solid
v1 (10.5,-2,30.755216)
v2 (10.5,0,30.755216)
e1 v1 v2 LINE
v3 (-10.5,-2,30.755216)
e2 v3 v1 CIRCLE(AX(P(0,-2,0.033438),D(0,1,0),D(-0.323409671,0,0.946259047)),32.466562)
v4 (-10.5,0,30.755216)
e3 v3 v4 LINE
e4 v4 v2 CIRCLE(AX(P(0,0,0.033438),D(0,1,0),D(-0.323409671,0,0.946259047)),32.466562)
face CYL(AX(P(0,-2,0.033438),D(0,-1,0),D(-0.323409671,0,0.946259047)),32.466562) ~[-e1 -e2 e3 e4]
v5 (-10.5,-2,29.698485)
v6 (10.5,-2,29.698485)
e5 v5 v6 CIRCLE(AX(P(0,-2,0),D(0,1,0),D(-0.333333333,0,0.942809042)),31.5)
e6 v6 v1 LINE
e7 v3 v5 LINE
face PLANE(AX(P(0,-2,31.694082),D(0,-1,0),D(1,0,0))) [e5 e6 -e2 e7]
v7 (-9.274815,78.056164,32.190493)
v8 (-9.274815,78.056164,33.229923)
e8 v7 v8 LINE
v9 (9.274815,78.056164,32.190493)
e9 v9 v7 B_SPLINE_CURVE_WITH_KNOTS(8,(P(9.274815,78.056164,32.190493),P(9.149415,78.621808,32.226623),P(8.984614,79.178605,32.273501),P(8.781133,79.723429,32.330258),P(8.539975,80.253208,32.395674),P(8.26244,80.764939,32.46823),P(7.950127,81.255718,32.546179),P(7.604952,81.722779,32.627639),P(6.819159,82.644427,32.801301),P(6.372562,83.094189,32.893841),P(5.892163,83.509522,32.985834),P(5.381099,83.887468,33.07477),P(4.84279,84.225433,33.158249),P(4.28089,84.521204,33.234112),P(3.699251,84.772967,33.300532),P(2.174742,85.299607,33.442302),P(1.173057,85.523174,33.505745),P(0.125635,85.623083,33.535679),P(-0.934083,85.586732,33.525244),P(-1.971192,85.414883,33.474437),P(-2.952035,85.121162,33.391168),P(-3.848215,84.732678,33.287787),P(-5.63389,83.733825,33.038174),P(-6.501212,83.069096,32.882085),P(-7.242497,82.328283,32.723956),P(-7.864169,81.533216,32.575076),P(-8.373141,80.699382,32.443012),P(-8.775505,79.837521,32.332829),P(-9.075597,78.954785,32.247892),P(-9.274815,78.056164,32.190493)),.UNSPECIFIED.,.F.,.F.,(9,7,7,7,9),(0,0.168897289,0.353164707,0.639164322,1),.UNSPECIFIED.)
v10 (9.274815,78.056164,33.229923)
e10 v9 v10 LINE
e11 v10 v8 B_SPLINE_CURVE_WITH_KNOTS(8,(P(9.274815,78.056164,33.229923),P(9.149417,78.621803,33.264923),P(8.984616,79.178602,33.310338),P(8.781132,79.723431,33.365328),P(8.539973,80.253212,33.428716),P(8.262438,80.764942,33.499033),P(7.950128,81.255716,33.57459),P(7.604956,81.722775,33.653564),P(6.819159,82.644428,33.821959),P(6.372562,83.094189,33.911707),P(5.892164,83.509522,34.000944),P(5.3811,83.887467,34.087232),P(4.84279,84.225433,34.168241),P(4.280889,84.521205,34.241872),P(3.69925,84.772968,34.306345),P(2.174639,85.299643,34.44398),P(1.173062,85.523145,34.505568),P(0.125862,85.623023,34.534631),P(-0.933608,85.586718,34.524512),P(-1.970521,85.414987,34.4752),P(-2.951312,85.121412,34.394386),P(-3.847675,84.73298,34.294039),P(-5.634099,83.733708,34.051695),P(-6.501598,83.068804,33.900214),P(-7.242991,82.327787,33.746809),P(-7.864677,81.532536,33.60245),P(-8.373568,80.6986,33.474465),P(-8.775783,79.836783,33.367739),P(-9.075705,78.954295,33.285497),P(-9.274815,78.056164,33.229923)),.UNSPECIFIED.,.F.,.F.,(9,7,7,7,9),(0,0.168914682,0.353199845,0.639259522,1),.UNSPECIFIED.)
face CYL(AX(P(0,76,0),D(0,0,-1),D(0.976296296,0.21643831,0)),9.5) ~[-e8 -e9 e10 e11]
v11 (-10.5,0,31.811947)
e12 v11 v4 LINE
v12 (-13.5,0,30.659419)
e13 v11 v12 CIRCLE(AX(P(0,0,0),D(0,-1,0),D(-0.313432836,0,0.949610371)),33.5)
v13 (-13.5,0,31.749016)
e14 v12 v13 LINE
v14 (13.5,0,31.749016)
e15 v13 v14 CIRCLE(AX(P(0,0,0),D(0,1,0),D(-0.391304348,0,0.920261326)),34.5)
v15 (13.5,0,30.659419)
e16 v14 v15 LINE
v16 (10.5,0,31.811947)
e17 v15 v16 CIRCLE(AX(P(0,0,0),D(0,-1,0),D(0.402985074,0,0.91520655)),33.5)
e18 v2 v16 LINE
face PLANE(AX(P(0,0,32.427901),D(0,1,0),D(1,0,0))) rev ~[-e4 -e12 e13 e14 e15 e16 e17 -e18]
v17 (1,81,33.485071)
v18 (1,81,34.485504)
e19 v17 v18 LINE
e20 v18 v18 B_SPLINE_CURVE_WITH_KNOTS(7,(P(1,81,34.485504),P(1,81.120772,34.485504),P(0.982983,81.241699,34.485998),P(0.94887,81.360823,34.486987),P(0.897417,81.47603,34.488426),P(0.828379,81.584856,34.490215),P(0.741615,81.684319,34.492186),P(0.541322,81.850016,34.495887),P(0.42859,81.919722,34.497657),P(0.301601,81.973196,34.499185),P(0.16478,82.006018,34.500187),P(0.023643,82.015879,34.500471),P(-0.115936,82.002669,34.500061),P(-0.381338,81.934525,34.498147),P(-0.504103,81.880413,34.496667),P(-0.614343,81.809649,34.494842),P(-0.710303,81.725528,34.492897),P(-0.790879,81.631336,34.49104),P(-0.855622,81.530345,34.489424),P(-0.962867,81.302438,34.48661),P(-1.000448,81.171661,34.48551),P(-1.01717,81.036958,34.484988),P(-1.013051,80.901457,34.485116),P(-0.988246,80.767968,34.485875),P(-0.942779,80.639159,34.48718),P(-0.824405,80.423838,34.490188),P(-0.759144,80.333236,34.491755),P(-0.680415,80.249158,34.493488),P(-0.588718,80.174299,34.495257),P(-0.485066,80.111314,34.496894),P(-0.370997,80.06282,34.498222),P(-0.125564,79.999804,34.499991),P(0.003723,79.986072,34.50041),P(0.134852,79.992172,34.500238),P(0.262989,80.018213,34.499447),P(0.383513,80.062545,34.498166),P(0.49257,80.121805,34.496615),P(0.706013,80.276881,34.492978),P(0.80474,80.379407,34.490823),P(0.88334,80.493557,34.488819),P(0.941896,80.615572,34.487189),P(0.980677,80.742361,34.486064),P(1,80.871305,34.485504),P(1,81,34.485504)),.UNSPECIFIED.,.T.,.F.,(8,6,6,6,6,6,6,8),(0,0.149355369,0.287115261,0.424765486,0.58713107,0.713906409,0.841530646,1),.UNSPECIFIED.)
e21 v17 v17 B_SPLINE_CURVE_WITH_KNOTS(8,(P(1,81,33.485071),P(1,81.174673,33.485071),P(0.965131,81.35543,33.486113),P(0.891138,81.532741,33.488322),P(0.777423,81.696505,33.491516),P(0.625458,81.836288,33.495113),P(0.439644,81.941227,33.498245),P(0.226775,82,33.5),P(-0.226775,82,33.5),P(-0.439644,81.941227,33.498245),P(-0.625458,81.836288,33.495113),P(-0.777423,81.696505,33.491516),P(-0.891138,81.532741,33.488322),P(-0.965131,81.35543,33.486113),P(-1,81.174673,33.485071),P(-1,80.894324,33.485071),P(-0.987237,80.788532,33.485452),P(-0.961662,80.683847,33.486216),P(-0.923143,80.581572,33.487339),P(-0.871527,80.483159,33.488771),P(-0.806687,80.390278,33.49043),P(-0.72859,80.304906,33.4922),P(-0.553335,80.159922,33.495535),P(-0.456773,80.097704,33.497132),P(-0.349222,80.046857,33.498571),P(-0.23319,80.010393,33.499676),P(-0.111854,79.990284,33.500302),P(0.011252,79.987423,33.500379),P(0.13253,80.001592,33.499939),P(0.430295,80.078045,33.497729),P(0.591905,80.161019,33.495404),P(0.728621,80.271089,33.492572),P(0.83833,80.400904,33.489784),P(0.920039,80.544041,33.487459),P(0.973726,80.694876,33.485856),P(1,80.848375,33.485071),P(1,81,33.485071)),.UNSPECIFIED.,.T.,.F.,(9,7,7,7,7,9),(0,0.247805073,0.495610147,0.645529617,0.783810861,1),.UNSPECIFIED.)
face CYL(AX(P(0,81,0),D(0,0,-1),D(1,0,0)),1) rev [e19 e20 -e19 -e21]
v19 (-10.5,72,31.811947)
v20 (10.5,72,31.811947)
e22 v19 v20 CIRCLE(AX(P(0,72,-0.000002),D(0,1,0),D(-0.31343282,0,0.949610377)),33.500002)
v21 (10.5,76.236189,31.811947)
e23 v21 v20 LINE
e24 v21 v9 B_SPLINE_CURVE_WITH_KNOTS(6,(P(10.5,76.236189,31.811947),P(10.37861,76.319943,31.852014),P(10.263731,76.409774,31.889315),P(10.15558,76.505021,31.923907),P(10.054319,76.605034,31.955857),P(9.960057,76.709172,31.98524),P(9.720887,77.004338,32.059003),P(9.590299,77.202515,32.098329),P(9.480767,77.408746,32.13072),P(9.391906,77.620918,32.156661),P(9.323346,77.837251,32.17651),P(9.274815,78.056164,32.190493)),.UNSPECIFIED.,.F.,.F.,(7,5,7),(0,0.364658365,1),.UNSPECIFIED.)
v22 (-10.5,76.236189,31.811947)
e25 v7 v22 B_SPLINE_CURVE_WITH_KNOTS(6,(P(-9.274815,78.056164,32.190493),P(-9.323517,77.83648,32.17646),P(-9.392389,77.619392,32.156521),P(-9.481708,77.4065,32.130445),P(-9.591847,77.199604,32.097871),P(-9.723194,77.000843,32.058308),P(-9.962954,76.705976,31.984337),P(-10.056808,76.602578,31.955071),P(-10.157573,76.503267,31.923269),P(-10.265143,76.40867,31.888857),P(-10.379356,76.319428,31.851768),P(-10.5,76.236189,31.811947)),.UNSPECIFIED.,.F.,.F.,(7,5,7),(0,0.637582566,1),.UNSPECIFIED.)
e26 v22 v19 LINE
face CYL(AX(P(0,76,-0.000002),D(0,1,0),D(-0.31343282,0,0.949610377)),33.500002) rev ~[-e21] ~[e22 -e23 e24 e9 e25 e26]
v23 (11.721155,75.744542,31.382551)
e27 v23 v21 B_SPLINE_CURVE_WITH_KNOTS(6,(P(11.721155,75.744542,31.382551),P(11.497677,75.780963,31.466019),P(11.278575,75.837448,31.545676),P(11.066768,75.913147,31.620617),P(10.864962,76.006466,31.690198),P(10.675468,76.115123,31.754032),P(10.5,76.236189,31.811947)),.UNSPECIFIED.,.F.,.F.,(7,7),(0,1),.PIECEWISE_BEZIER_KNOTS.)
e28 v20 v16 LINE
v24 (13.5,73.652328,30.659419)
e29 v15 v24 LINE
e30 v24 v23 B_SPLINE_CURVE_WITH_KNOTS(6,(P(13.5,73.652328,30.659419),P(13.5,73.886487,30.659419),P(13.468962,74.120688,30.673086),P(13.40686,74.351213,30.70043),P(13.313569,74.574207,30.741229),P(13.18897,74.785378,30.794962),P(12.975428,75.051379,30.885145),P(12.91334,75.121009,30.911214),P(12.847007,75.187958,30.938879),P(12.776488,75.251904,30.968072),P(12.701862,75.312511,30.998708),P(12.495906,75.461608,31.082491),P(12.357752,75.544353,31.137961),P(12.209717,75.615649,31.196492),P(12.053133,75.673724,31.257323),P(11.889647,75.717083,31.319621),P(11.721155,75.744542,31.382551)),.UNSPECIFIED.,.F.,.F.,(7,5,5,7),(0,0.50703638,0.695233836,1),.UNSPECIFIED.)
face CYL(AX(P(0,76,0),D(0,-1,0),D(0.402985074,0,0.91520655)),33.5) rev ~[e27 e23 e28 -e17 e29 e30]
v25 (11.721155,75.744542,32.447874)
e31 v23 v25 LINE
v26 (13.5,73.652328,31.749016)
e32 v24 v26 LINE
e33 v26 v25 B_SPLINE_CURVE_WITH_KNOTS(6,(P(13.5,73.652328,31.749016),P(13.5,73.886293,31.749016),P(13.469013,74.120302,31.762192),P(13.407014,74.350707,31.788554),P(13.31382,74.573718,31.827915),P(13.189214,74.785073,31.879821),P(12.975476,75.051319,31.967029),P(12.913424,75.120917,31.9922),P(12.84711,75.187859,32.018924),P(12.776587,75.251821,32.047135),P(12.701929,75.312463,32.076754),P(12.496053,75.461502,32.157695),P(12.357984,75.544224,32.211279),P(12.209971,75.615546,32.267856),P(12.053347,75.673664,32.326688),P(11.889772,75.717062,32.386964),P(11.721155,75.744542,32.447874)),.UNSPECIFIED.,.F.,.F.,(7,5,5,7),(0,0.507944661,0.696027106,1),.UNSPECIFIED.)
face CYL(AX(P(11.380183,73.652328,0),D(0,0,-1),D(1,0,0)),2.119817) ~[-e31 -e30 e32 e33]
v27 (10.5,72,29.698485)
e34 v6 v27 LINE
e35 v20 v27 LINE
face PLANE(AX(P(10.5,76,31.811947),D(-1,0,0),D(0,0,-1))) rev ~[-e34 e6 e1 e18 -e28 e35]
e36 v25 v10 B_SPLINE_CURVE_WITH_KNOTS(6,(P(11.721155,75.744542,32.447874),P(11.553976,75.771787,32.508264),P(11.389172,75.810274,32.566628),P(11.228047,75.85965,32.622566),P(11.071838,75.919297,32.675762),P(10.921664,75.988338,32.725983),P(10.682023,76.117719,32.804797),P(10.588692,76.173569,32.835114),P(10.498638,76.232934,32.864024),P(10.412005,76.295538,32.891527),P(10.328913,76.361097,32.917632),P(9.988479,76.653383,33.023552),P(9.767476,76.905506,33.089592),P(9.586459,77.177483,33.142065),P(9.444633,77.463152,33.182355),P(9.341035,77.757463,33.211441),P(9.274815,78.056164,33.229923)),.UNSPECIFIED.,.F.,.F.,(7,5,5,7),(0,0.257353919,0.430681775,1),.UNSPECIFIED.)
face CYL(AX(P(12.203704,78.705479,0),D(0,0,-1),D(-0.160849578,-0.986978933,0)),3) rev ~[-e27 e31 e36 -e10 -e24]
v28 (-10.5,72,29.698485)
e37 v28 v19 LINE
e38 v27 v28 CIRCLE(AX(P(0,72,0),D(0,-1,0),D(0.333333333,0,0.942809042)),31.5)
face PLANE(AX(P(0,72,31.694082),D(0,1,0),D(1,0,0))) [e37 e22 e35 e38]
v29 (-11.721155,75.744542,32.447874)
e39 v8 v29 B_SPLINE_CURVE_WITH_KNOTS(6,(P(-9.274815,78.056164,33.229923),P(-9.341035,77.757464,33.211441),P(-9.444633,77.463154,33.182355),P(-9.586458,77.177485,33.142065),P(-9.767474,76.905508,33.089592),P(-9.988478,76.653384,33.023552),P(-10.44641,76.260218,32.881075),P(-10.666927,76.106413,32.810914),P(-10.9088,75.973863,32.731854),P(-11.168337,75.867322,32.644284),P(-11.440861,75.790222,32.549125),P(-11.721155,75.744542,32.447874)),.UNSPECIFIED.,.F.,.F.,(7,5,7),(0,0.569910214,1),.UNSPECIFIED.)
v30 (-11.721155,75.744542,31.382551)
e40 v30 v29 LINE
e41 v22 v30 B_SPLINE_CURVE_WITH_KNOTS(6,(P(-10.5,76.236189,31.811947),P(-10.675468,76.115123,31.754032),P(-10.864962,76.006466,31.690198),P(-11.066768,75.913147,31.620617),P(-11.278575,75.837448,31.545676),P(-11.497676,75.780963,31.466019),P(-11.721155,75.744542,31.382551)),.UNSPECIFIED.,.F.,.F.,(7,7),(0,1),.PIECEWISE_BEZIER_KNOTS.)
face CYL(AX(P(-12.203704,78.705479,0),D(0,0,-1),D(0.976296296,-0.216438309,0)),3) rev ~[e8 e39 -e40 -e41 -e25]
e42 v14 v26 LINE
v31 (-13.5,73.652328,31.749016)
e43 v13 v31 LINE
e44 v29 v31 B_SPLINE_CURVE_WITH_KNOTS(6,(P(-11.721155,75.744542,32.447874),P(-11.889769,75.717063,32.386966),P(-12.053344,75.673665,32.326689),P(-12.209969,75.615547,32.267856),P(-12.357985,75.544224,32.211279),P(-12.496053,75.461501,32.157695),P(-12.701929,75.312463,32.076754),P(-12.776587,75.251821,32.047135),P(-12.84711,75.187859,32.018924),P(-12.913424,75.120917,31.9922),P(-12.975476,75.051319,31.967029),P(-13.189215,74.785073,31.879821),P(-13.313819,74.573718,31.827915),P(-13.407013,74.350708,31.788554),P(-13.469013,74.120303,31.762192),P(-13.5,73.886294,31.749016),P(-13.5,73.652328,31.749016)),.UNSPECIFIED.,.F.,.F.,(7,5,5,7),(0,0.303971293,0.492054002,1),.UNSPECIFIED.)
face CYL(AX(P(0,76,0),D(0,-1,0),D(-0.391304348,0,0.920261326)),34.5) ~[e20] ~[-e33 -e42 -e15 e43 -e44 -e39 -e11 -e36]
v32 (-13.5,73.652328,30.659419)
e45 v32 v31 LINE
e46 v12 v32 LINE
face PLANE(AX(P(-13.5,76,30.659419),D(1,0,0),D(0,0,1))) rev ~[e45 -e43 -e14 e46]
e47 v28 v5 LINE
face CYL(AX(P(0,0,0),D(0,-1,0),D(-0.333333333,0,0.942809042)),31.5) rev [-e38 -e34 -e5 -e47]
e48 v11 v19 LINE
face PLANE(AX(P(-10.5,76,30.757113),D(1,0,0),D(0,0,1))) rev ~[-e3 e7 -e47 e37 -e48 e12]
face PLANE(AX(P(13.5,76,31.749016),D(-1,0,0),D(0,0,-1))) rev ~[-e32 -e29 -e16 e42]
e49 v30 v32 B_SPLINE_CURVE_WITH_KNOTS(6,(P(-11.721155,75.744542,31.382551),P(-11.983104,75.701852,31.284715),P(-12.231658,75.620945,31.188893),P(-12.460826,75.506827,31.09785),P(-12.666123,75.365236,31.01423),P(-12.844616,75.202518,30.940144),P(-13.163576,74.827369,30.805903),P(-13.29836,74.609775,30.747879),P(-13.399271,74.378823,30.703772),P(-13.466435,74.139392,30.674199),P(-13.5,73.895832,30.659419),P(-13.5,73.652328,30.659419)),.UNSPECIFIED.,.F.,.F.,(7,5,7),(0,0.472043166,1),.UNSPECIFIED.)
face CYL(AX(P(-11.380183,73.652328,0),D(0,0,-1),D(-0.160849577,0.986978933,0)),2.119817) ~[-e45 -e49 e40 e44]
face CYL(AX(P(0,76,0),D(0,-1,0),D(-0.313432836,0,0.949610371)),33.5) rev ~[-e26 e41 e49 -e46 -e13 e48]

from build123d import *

# Parameters (mm, degrees)
EXTRUDE_1_DEPTH          = 76
EXTRUDE_2_DEPTH          = 2
EXTRUDE_2_DEPTH_BACK     = 76
EXTRUDE_3_DEPTH          = 9.5
CUT_EXTRUDE_1_DEPTH      = 78.5
CUT_EXTRUDE_2_DEPTH      = 4
CUT_EXTRUDE_2_DEPTH_BACK = 78.5
SKETCH_8_R               = 1
CUT_EXTRUDE_3_DEPTH      = 46.5
CUT_EXTRUDE_4_DEPTH      = 2


with BuildPart() as part:
    # Эскиз1 → Бобышка-Вытянуть1 (new body)
    with BuildSketch(Plane(origin=(0, 0, 0), x_dir=(1, 0, 0), z_dir=(0, 1, 0))):
        with BuildLine():
            Line((-13.5, -30.659419434), (-13.5, -31.749015733))
            ThreePointArc((-13.5, -31.749015733), (0, -34.5), (13.5, -31.749015733))
            Line((13.5, -31.749015733), (13.5, -30.659419434))
            ThreePointArc((13.5, -30.659419434), (12.013828707, -31.271679197), (10.5, -31.811947441))
            Line((10.5, -31.811947441), (10.5, -30.757112998))
            ThreePointArc((10.5, -30.757112998), (0, -32.5), (-10.5, -30.757112998))
            Line((-10.5, -30.757112998), (-10.5, -31.811947441))
            ThreePointArc((-10.5, -31.811947441), (-12.013828707, -31.271679197), (-13.5, -30.659419434))
        make_face()
    extrude(amount=EXTRUDE_1_DEPTH)

    # Эскиз2 → Бобышка-Вытянуть2 (add, two sides)
    with BuildSketch(Plane.XZ) as extrude_2_sk:
        with BuildLine():
            Line((-10.5, 31.811947441), (-10.5, 30.757112998))
            Line((-10.5, 30.757112998), (-10.5, 29.69848481))
            ThreePointArc((-10.5, 29.69848481), (0, 31.5), (10.5, 29.69848481))
            Line((10.5, 29.69848481), (10.5, 30.757112998))
            Line((10.5, 30.757112998), (10.5, 31.811947441))
            ThreePointArc((10.5, 31.811947441), (0, 33.5), (-10.5, 31.811947441))
        make_face()
    extrude(amount=EXTRUDE_2_DEPTH)
    extrude(extrude_2_sk.sketch, amount=-EXTRUDE_2_DEPTH_BACK)

    # Эскиз6 → Бобышка-Вытянуть3 (add)
    with BuildSketch(Plane(origin=(0, 76, 0), x_dir=(1, 0, 0), z_dir=(0, 1, 0))):
        with BuildLine():
            Line((-10.5, -30.757112998), (-10.5, -31.811947441))
            ThreePointArc((-10.5, -31.811947441), (-12.013828707, -31.271679197), (-13.5, -30.659419434))
            Line((-13.5, -30.659419434), (-13.5, -31.749015733))
            ThreePointArc((-13.5, -31.749015733), (0, -34.5), (13.5, -31.749015733))
            Line((13.5, -31.749015733), (13.5, -30.659419434))
            ThreePointArc((13.5, -30.659419434), (12.013828707, -31.271679197), (10.5, -31.811947441))
            Line((10.5, -31.811947441), (10.5, -30.757112998))
            ThreePointArc((10.5, -30.757112998), (0, -32.5), (-10.5, -30.757112998))
        make_face()
    extrude(amount=EXTRUDE_3_DEPTH)

    # Эскиз3 → Вырез-Вытянуть1 (cut)
    with BuildSketch(Plane.XY):
        with BuildLine():
            Line((-29.777002316, 76), (-29.777002316, 102.252406504))
            Line((-29.777002316, 102.252406504), (31.597845716, 102.252406504))
            Line((31.597845716, 102.252406504), (31.597845716, 75.705478865))
            Line((31.597845716, 75.705478865), (31.597845716, 73.652327708))
            Line((31.597845716, 73.652327708), (13.5, 73.652327708))
            ThreePointArc((13.5, 73.652327708), (12.995178699, 75.025430995), (11.721154976, 75.744542067))
            ThreePointArc((11.721154976, 75.744542067), (10.143272785, 76.524968738), (9.274814815, 78.056163941))
            ThreePointArc((9.274814815, 78.056163941), (0, 85.5), (-9.274814815, 78.056163941))
            ThreePointArc((-9.274814815, 78.056163941), (-10.143272784, 76.52496874), (-11.721154974, 75.744542071))
            ThreePointArc((-11.721154974, 75.744542071), (-12.995178698, 75.025430999), (-13.5, 73.652327712))
            Line((-13.5, 73.652327712), (-29.777002316, 73.652327712))
            Line((-29.777002316, 73.652327712), (-29.777002316, 76))
        make_face()
    extrude(amount=CUT_EXTRUDE_1_DEPTH, mode=Mode.SUBTRACT)

    # Эскиз7 → Вырез-Вытянуть2 (cut, two sides)
    with BuildSketch(Plane(origin=(0, 76, 0), x_dir=(-1, 0, 0), z_dir=(0, -1, 0))) as cut_extrude_2_sk:
        with BuildLine():
            Line((10.5, -29.69848481), (10.5, -31.811947441))
            ThreePointArc((10.5, -31.811947441), (0, -33.499999909), (-10.5, -31.811947441))
            Line((-10.5, -31.811947441), (-10.5, -29.69848481))
            ThreePointArc((-10.5, -29.69848481), (0, -31.5), (10.5, -29.69848481))
        make_face()
    extrude(amount=CUT_EXTRUDE_2_DEPTH, mode=Mode.SUBTRACT)
    extrude(cut_extrude_2_sk.sketch, amount=-CUT_EXTRUDE_2_DEPTH_BACK, mode=Mode.SUBTRACT)

    # Эскиз8 → Вырез-Вытянуть3 (cut)
    with BuildSketch(Plane.XY):
        with Locations((0, 81)):
            Circle(SKETCH_8_R)
    extrude(amount=CUT_EXTRUDE_3_DEPTH, mode=Mode.SUBTRACT)

    # Эскиз9 → Вырез-Вытянуть4 (cut)
    with BuildSketch(Plane.XZ.offset(2)):
        with BuildLine():
            Line((-10.5, 31.811947426), (-10.5, 30.755216126))
            ThreePointArc((-10.5, 30.755216126), (0, 32.500000073), (10.5, 30.755216126))
            Line((10.5, 30.755216126), (10.5, 31.811947441))
            ThreePointArc((10.5, 31.811947441), (-1e-09, 33.499999996), (-10.5, 31.811947426))
        make_face()
    extrude(amount=-CUT_EXTRUDE_4_DEPTH, mode=Mode.SUBTRACT)


solid = part.part
